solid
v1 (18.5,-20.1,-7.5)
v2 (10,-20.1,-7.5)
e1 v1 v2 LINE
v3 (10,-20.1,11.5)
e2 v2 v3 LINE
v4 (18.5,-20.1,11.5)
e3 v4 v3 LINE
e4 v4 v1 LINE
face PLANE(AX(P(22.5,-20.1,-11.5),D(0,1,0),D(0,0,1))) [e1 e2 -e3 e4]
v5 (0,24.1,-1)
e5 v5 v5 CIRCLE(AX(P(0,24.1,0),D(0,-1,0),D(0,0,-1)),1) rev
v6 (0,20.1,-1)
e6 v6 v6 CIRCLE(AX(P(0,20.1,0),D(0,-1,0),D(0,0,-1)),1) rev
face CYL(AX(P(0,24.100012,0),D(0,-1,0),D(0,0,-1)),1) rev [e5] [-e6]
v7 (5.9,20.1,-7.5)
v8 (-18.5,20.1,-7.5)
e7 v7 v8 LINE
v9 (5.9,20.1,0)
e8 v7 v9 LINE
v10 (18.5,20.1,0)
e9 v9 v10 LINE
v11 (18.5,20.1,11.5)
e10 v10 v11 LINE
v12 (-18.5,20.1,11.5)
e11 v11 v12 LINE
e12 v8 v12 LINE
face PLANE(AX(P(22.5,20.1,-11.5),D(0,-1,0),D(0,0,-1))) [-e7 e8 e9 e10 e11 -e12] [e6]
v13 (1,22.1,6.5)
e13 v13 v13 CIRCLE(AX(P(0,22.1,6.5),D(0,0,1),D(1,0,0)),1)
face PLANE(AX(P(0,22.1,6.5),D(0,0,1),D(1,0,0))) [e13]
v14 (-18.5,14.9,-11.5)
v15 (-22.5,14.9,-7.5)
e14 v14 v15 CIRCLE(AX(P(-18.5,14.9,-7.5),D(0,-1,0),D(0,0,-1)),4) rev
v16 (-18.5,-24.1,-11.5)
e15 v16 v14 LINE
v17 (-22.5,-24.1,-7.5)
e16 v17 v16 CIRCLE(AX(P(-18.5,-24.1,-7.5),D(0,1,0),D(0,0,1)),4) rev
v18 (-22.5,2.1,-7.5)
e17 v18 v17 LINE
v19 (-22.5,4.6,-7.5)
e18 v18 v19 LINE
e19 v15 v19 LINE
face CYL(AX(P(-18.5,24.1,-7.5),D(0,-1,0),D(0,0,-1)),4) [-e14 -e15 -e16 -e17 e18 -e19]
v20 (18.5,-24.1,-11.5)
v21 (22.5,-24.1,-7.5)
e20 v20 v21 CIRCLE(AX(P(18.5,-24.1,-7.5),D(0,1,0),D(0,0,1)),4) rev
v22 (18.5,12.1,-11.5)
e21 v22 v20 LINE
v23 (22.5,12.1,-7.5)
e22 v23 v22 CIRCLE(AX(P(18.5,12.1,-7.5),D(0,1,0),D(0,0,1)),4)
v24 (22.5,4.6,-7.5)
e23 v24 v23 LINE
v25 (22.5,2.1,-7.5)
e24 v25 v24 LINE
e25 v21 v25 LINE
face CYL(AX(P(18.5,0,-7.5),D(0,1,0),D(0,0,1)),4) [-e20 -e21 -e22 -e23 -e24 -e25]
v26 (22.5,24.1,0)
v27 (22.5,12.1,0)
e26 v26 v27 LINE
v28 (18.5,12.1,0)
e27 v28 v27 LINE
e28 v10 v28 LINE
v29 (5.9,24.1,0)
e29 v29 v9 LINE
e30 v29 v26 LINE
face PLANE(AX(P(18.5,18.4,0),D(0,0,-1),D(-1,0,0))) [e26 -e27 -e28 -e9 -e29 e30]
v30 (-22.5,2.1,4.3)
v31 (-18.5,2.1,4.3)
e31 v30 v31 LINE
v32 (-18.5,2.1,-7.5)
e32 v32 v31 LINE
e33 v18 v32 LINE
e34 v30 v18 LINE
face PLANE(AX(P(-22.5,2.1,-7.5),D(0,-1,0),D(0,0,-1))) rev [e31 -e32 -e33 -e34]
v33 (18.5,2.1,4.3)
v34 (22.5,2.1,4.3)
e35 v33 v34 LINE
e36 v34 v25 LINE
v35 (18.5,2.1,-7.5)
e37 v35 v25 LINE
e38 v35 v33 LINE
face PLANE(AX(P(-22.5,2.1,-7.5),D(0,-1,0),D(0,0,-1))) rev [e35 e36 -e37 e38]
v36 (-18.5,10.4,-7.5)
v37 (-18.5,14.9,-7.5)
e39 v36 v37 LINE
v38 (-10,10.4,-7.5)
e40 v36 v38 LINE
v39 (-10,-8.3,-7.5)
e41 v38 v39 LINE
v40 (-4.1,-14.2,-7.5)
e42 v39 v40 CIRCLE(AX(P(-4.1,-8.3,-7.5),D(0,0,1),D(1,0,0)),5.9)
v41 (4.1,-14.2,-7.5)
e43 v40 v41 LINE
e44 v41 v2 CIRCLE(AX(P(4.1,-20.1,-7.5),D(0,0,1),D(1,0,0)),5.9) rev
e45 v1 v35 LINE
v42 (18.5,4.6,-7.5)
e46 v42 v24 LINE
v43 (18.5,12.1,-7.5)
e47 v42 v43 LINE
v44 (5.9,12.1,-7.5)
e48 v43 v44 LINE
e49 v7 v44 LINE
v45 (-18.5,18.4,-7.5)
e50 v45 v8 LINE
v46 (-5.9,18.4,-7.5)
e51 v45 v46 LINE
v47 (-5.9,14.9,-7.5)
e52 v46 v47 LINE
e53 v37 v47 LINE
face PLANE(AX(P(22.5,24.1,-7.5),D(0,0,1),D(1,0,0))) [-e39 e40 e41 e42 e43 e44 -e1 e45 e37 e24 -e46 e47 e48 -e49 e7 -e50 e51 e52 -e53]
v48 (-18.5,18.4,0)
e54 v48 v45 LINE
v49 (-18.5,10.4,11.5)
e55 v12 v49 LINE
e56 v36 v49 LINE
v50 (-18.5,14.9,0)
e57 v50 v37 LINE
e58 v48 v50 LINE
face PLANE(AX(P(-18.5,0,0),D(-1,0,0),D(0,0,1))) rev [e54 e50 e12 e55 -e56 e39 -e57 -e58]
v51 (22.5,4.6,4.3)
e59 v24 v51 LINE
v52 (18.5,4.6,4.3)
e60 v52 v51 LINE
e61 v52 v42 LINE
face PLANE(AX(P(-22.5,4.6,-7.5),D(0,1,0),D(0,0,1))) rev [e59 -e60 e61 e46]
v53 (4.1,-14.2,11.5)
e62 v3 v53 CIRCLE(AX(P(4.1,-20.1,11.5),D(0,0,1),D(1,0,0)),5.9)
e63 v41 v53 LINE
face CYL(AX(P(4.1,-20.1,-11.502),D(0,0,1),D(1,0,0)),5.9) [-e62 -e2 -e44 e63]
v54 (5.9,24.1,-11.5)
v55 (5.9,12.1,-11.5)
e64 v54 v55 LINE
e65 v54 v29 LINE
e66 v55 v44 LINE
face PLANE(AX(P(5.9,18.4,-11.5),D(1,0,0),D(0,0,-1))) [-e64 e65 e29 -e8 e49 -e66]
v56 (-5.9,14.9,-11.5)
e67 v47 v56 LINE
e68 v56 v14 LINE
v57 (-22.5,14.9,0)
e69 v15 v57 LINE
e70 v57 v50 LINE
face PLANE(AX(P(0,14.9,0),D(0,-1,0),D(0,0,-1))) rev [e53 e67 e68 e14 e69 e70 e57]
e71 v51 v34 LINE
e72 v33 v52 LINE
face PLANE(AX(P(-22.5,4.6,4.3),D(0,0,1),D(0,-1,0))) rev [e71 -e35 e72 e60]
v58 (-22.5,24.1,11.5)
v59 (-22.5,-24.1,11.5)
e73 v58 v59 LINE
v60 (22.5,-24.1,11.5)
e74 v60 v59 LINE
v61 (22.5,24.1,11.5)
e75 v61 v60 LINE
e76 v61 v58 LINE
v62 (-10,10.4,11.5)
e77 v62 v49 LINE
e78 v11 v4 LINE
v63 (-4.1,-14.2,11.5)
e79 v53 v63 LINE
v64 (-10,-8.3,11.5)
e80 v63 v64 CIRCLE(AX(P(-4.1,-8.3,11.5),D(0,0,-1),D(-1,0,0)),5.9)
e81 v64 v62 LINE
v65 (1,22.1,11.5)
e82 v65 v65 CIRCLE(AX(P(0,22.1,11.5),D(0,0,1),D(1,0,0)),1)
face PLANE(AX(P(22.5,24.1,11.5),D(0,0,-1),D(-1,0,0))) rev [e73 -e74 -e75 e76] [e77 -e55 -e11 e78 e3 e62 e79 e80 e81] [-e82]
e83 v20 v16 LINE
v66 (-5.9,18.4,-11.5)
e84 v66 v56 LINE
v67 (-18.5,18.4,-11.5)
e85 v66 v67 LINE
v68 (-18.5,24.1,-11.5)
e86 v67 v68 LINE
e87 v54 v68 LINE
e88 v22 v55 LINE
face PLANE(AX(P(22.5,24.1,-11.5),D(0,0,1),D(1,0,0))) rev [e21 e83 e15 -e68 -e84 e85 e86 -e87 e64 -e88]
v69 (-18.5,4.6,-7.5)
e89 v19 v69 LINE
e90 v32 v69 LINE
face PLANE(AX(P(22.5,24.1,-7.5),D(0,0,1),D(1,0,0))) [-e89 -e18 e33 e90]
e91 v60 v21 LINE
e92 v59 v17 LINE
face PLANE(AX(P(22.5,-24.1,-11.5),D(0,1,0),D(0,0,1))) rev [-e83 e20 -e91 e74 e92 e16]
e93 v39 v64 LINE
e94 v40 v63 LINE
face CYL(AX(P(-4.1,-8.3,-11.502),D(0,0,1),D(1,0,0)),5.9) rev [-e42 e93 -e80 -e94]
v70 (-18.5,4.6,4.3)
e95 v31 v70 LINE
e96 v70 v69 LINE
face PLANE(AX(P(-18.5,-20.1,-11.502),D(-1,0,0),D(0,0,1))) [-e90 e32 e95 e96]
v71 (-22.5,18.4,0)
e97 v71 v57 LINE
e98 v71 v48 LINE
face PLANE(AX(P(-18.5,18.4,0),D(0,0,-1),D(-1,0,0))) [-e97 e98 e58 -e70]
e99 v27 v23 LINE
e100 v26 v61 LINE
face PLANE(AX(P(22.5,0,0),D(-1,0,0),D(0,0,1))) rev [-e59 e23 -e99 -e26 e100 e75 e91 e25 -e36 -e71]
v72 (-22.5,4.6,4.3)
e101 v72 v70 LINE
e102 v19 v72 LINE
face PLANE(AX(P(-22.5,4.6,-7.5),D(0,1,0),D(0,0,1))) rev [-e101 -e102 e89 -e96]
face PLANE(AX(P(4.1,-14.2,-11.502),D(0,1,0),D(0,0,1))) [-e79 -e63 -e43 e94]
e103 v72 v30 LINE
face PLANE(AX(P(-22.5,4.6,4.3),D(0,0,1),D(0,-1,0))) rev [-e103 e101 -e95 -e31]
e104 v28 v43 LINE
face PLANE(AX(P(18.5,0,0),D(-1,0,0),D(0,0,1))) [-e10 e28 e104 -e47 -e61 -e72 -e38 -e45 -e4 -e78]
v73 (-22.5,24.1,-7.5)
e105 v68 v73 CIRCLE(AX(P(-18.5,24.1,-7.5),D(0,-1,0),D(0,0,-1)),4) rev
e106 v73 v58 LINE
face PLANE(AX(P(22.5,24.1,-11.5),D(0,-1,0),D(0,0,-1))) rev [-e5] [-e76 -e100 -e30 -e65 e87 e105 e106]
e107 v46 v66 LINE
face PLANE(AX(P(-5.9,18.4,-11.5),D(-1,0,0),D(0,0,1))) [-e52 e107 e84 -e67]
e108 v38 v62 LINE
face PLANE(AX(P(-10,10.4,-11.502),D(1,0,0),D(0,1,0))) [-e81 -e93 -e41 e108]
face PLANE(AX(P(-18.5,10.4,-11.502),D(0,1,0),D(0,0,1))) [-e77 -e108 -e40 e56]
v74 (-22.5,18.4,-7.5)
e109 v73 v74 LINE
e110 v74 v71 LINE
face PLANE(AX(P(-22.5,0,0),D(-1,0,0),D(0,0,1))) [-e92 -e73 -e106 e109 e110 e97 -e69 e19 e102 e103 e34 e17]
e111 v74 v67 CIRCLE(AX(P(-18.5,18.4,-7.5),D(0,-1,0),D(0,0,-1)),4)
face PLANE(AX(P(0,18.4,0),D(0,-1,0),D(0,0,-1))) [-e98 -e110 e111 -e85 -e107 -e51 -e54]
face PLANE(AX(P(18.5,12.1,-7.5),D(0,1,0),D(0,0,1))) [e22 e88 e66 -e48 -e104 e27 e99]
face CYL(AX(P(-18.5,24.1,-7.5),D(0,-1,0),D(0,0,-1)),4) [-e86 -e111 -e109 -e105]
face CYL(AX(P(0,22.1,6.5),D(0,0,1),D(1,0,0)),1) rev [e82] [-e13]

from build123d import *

# Parameters (mm, degrees)
CROQUIS1_W                        = 23
CROQUIS1_H                        = 48.2
SALIENTE_EXTRUIR1_DEPTH           = 22.5
VACIADO1_T                        = -4
CORTAR_EXTRUIR1_START             = -9.2
CORTAR_EXTRUIR1_DEPTH             = 3.5
REDONDEO1_R                       = 4
CROQUIS3_W                        = 11.8
CROQUIS3_H                        = 2.5
CORTAR_EXTRUIR2_DEPTH             = 23.5
CORTAR_EXTRUIR2_DEPTH_BACK        = 23.5
CORTAR_EXTRUIR3_REACH             = 50.2
CROQUIS4_R                        = 1
CORTAR_EXTRUIR3_DIRECTION_2_DEPTH = 1
CROQUIS5_R                        = 1
CORTAR_EXTRUIR4_DEPTH             = 5
SALIENTE_EXTRUIR2_REACH           = 25
CORTAR_EXTRUIR5_START             = -12
CORTAR_EXTRUIR5_DEPTH             = 13
SALIENTE_EXTRUIR3_REACH           = 25


with BuildPart() as part:
    # Croquis1 → Saliente-Extruir1 (new body, symmetric)
    with BuildSketch(Plane(origin=(0, 0, 0), x_dir=(0, 0, -1), z_dir=(1, 0, 0))):
        Rectangle(CROQUIS1_W, CROQUIS1_H)
    extrude(amount=SALIENTE_EXTRUIR1_DEPTH, both=True)

    # Vaciado1
    vaciado1_openings = [part.faces().sort_by_distance(p)[0] for p in [
        (0, 0, 11.5),
    ]]
    offset(amount=VACIADO1_T, openings=vaciado1_openings, kind=Kind.INTERSECTION)

    # Croquis2 → Cortar-Extruir1 (cut)
    with BuildSketch(Plane(origin=(0, 24.1, 0), x_dir=(1, 0, 0), z_dir=(0, 1, 0)).offset(CORTAR_EXTRUIR1_START)):
        Polygon((-22.5, 11.5), (-5.9, 11.5), (-5.9, 7.5), (-18.5, 7.5), (-18.5, 0), (-22.5, 0), align=None)
        Polygon((18.5, 0), (22.5, 0), (22.5, 11.5), (5.9, 11.5), (5.9, 7.5), (18.5, 7.5), align=None)
    extrude(amount=CORTAR_EXTRUIR1_DEPTH, mode=Mode.SUBTRACT)

    # Redondeo1
    redondeo1_edges = [part.edges().sort_by_distance(p)[0] for p in [
        (-22.5, 21.25, -11.5),
        (22.5, 21.25, -11.5),
        (22.5, -4.6, -11.5),
        (-22.5, -4.6, -11.5),
    ]]
    fillet(redondeo1_edges, radius=REDONDEO1_R)

    # Croquis3 → Cortar-Extruir2 (cut, two sides)
    with BuildSketch(Plane(origin=(0, 0, 0), x_dir=(0, 0, -1), z_dir=(1, 0, 0))) as cortar_extruir2_sk:
        with Locations((1.6, 3.35)):
            Rectangle(CROQUIS3_W, CROQUIS3_H)
    extrude(amount=CORTAR_EXTRUIR2_DEPTH, mode=Mode.SUBTRACT)
    extrude(cortar_extruir2_sk.sketch, amount=-CORTAR_EXTRUIR2_DEPTH_BACK, mode=Mode.SUBTRACT)

    # Croquis4 → Cortar-Extruir3 (cut, up to next)
    with BuildSketch(Plane(origin=(0, 24.1, 0), x_dir=(1, 0, 0), z_dir=(0, 1, 0)), mode=Mode.PRIVATE) as cortar_extruir3_sk1:
        Circle(CROQUIS4_R)
    cortar_extruir3_tool1 = extrude(cortar_extruir3_sk1.sketch, amount=-CORTAR_EXTRUIR3_REACH, mode=Mode.PRIVATE) & part.part
    add(cortar_extruir3_tool1.solids().sort_by_distance((0, 24.1, 0))[0], mode=Mode.SUBTRACT)

    # Croquis4 → Cortar-Extruir3 direction 2 (cut)
    with BuildSketch(Plane(origin=(0, 24.1, 0), x_dir=(1, 0, 0), z_dir=(0, 1, 0))):
        Circle(CROQUIS4_R)
    extrude(amount=CORTAR_EXTRUIR3_DIRECTION_2_DEPTH, mode=Mode.SUBTRACT)

    # Croquis5 → Cortar-Extruir4 (cut)
    with BuildSketch(Plane.XY.offset(11.5)):
        with Locations((0, 22.1)):
            Circle(CROQUIS5_R)
    extrude(amount=-CORTAR_EXTRUIR4_DEPTH, mode=Mode.SUBTRACT)

    # Croquis6 → Saliente-Extruir2 (add, up to next)
    with BuildSketch(Plane.XY.offset(11.5), mode=Mode.PRIVATE) as saliente_extruir2_sk1:
        with BuildLine():
            Line((-10, -20.1), (10, -20.1))
            ThreePointArc((10, -20.1), (8.271930009, -15.928069991), (4.1, -14.2))
            Line((4.1, -14.2), (-4.1, -14.2))
            ThreePointArc((-4.1, -14.2), (-8.271930009, -15.928069991), (-10, -20.1))
        make_face()
    saliente_extruir2_tool1 = extrude(saliente_extruir2_sk1.sketch, amount=-SALIENTE_EXTRUIR2_REACH, mode=Mode.PRIVATE) - part.part
    add(saliente_extruir2_tool1.solids().sort_by_distance((0, -17.386611, 11.5))[0])

    # Croquis7 → Cortar-Extruir5 (cut, through all)
    with BuildSketch(Plane(origin=(0, 24.1, 0), x_dir=(1, 0, 0), z_dir=(0, 1, 0)).offset(CORTAR_EXTRUIR5_START)):
        with BuildLine():
            Line((5.9, 7.5), (5.9, 0))
            Line((5.9, 0), (18.5, 0))
            Line((18.5, 0), (22.5, 0))
            Line((22.5, 0), (22.5, 7.5))
            ThreePointArc((22.5, 7.5), (21.328427125, 10.328427125), (18.5, 11.5))
            Line((18.5, 11.5), (5.9, 11.5))
            Line((5.9, 11.5), (5.9, 7.5))
        make_face()
    extrude(amount=CORTAR_EXTRUIR5_DEPTH, mode=Mode.SUBTRACT)

    # Croquis8 → Saliente-Extruir3 (add, up to next)
    with BuildSketch(Plane.XY.offset(11.5), mode=Mode.PRIVATE) as saliente_extruir3_sk1:
        with BuildLine():
            Line((-18.5, -20.1), (-18.5, 10.4))
            Line((-18.5, 10.4), (-10, 10.4))
            Line((-10, 10.4), (-10, -8.3))
            ThreePointArc((-10, -8.3), (-8.271930009, -12.471930009), (-4.1, -14.2))
            ThreePointArc((-4.1, -14.2), (-8.271930009, -15.928069991), (-10, -20.1))
            Line((-10, -20.1), (-18.5, -20.1))
        make_face()
    saliente_extruir3_tool1 = extrude(saliente_extruir3_sk1.sketch, amount=-SALIENTE_EXTRUIR3_REACH, mode=Mode.PRIVATE) - part.part
    add(saliente_extruir3_tool1.solids().sort_by_distance((-13.946608, -5.359479, 11.5))[0])


solid = part.part
